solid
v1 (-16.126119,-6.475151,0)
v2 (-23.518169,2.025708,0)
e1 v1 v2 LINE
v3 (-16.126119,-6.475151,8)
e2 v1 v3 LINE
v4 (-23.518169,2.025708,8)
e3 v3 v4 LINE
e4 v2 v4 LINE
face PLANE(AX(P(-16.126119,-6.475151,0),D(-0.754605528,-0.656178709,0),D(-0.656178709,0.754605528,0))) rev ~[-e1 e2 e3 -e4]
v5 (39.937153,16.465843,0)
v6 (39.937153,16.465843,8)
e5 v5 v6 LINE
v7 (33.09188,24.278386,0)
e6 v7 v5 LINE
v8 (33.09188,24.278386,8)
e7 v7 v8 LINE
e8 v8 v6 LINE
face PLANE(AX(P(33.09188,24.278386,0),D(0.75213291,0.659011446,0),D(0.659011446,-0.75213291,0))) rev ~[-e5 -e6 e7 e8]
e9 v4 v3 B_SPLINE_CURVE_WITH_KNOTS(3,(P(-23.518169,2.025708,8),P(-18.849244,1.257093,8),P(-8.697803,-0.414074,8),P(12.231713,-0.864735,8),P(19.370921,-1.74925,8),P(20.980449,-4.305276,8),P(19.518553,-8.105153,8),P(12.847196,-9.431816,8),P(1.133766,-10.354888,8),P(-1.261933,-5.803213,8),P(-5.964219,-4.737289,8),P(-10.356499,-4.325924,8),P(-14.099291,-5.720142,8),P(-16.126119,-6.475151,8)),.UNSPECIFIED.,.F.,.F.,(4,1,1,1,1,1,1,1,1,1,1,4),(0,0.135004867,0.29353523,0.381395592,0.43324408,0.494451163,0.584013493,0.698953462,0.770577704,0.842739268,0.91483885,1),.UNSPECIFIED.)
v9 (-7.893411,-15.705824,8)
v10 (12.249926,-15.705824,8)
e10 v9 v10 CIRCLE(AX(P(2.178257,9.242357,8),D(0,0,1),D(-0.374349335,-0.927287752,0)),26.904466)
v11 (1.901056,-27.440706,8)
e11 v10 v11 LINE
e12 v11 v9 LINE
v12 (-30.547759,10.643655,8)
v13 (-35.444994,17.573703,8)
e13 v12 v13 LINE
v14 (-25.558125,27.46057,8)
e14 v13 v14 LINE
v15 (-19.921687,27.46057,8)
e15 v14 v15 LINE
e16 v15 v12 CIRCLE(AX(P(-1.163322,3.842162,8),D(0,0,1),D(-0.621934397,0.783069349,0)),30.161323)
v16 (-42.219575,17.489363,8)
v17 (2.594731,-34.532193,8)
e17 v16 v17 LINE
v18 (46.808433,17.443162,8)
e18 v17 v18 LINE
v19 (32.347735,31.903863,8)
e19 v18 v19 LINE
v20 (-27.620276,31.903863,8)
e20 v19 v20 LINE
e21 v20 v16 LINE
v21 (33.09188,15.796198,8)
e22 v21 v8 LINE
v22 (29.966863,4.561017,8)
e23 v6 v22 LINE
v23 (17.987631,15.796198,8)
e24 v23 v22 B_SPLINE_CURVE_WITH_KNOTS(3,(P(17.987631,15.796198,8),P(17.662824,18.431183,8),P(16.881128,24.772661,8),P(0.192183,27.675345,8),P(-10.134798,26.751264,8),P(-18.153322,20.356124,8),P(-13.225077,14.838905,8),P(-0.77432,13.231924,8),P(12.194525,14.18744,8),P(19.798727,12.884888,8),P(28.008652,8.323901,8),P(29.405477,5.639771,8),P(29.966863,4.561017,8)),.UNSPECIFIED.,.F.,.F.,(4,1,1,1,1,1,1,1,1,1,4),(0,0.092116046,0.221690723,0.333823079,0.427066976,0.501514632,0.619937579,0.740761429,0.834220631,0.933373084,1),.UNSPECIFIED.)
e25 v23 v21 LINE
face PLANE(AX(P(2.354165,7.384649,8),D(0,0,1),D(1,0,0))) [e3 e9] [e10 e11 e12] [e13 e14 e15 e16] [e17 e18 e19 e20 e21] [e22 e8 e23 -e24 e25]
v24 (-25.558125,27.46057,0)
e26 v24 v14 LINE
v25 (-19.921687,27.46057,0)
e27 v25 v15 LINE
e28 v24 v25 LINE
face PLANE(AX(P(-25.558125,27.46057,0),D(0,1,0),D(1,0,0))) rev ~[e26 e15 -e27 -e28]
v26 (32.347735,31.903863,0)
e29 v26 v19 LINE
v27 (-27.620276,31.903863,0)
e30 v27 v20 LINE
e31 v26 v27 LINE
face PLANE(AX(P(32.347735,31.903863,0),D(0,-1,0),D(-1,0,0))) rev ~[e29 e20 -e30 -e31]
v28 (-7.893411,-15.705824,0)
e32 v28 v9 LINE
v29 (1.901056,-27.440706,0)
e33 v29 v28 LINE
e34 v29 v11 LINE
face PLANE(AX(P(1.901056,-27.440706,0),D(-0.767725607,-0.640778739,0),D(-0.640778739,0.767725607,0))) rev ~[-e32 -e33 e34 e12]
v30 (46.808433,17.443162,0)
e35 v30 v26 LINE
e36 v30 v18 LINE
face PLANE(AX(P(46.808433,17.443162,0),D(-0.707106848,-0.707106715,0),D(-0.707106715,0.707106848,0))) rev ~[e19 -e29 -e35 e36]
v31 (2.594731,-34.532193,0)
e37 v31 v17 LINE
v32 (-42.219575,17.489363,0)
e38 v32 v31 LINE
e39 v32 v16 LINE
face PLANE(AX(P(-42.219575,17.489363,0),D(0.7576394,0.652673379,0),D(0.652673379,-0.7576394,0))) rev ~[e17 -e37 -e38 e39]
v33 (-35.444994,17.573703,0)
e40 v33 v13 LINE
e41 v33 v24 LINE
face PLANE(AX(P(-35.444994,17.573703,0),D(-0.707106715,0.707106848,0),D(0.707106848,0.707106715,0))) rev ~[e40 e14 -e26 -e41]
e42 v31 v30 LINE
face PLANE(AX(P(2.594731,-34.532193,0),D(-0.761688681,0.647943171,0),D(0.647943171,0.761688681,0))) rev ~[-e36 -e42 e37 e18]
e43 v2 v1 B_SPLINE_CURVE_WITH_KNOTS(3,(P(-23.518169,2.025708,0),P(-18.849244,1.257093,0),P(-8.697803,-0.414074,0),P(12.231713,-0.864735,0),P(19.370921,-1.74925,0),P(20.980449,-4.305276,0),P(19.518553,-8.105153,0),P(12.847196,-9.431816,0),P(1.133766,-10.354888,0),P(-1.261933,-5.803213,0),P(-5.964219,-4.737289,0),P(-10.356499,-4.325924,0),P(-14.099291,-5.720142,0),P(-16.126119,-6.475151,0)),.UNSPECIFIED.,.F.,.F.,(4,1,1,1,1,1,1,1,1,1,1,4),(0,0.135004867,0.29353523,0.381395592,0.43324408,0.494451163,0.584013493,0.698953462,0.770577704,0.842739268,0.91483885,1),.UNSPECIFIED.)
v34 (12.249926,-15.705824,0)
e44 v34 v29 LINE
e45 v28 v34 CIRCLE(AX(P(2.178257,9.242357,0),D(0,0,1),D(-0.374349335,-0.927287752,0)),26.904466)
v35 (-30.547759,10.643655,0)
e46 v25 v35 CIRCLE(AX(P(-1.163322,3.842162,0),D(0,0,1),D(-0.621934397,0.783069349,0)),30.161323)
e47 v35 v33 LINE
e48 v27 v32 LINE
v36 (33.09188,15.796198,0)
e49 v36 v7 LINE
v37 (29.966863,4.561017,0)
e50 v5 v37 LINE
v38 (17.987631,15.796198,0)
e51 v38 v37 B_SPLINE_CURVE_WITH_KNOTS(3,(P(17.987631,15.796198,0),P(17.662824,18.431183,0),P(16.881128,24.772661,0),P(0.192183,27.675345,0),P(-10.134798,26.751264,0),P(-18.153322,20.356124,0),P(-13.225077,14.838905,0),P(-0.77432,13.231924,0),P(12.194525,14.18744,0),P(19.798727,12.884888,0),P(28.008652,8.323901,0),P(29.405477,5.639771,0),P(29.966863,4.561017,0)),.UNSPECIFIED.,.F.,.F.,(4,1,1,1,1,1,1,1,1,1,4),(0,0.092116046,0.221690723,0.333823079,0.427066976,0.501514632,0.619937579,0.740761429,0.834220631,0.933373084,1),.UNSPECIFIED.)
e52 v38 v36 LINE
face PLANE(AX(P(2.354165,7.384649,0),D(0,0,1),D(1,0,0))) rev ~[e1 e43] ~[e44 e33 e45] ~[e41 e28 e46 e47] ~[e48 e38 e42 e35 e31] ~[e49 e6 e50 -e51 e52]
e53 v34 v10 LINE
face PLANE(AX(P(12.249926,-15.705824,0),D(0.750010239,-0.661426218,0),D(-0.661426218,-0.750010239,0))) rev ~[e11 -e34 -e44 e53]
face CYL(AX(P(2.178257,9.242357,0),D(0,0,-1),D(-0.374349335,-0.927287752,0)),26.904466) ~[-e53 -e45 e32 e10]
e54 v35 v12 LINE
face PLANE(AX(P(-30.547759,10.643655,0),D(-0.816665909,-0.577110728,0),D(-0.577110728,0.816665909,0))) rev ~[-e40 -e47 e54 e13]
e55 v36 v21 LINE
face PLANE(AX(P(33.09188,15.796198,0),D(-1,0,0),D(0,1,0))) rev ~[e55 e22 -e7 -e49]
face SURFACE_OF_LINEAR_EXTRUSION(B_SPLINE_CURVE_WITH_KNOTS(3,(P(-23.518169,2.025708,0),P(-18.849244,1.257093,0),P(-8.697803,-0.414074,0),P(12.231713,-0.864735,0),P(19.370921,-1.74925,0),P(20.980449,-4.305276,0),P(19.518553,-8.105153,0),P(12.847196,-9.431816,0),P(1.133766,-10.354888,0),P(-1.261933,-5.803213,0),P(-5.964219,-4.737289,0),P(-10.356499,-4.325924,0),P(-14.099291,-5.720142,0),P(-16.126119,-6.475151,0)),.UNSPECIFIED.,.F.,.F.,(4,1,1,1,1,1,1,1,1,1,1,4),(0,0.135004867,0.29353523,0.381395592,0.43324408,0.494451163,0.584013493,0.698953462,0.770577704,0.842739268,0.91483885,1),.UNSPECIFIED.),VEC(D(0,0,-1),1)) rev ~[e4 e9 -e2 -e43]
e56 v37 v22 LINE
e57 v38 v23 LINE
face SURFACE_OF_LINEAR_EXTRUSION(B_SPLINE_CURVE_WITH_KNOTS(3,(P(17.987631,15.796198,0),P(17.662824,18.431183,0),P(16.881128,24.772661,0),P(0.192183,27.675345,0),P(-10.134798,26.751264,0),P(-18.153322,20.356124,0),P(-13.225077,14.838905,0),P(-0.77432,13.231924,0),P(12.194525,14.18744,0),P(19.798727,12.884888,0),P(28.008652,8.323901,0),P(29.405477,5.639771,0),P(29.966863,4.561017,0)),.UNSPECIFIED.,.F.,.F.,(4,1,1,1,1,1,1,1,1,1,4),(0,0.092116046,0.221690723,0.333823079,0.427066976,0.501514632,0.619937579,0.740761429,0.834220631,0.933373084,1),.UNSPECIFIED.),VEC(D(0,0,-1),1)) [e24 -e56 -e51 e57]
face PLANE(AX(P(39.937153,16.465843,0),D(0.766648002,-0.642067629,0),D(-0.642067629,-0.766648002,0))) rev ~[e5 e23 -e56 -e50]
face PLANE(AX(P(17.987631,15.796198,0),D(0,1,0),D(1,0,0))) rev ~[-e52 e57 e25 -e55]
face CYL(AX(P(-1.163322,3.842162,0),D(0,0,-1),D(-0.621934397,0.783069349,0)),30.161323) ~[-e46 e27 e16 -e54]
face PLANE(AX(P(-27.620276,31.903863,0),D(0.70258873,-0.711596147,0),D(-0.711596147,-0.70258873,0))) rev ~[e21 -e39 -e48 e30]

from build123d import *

# Parameters (mm, degrees)
F1_DEPTH = 8


with BuildPart() as f1:
    # F0 (on Top) → F1 (new body)
    with BuildSketch(Plane.XY):
        Polygon((32.3477350175, 31.9038629532), (-27.6202764362, 31.9038629532), (-42.2195754945, 17.4893625081), (2.5947312824, -34.5321930945), (46.8084333099, 17.4431619365), align=None)
        with BuildLine():
            Line((1.9010555698, -27.440706268), (-7.8934114426, -15.7058238983))
            ThreePointArc((-7.8934114426, -15.7058238983), (2.1782573313, -17.6621080608), (12.2499261051, -15.7058238983))
            Line((12.2499261051, -15.7058238983), (1.9010555698, -27.440706268))
        make_face(mode=Mode.SUBTRACT)
        with BuildLine():
            Line((-16.1261186004, -6.4751505852), (-23.5181692988, 2.0257078577))
            add(Edge.make_bspline(
                [(-23.5181692988, 2.0257078577), (-18.8492443141, 1.2570925201), (-8.6978031171, -0.4140744889), (12.2317134041, -0.8647353067), (19.3709212644, -1.749249772), (20.9804488697, -4.3052756433), (19.5185531257, -8.1051532438), (12.8471955838, -9.4318160298), (1.1337662191, -10.3548875068), (-1.2619333787, -5.8032125759), (-5.9642189202, -4.7372891241), (-10.3564989081, -4.325924496), (-14.0992906398, -5.7201421507), (-16.1261186004, -6.4751505852)],
                knots=[0, 0, 0, 0, 0.1350048672, 0.2935352303, 0.3813955924, 0.4332440802, 0.4944511627, 0.5840134929, 0.6989534624, 0.7705777041, 0.8427392681, 0.9148388499, 1, 1, 1, 1], degree=3))
        make_face(mode=Mode.SUBTRACT)
        with BuildLine():
            Line((-35.4449935257, 17.5737030804), (-25.5581252277, 27.4605695158))
            Line((-25.5581252277, 27.4605695158), (-19.9216865003, 27.4605695158))
            ThreePointArc((-19.9216865003, 27.4605695158), (-26.6610566726, 19.9533675619), (-30.5477585644, 10.6436554343))
            Line((-30.5477585644, 10.6436554343), (-35.4449935257, 17.5737030804))
        make_face(mode=Mode.SUBTRACT)
        with BuildLine():
            add(Edge.make_bspline(
                [(17.9876312613, 15.7961975783), (17.6628240293, 18.4311832126), (16.881127971, 24.7726611125), (0.1921827326, 27.6753445172), (-10.1347980175, 26.7512644797), (-18.1533216035, 20.3561240489), (-13.225077053, 14.8389045406), (-0.7743203723, 13.2319238927), (12.1945251067, 14.1874403047), (19.79872732, 12.8848882704), (28.0086520453, 8.3239006904), (29.4054772443, 5.6397714004), (29.9668628722, 4.5610168017)],
                knots=[0, 0, 0, 0, 0.0921160459, 0.2216907226, 0.3338230792, 0.4270669755, 0.5015146316, 0.6199375792, 0.7407614293, 0.8342206311, 0.9333730841, 1, 1, 1, 1], degree=3))
            Line((17.9876312613, 15.7961975783), (33.0918803811, 15.7961975783))
            Line((33.0918803811, 15.7961975783), (33.0918803811, 16.6890583932))
            Line((33.0918803811, 16.6890583932), (33.0918803811, 24.2783855647))
            Line((33.0918803811, 24.2783855647), (39.9371534586, 16.4658427238))
            Line((39.9371534586, 16.4658427238), (29.9668628722, 4.5610168017))
        make_face(mode=Mode.SUBTRACT)
    extrude(amount=F1_DEPTH)


solid = f1.part
